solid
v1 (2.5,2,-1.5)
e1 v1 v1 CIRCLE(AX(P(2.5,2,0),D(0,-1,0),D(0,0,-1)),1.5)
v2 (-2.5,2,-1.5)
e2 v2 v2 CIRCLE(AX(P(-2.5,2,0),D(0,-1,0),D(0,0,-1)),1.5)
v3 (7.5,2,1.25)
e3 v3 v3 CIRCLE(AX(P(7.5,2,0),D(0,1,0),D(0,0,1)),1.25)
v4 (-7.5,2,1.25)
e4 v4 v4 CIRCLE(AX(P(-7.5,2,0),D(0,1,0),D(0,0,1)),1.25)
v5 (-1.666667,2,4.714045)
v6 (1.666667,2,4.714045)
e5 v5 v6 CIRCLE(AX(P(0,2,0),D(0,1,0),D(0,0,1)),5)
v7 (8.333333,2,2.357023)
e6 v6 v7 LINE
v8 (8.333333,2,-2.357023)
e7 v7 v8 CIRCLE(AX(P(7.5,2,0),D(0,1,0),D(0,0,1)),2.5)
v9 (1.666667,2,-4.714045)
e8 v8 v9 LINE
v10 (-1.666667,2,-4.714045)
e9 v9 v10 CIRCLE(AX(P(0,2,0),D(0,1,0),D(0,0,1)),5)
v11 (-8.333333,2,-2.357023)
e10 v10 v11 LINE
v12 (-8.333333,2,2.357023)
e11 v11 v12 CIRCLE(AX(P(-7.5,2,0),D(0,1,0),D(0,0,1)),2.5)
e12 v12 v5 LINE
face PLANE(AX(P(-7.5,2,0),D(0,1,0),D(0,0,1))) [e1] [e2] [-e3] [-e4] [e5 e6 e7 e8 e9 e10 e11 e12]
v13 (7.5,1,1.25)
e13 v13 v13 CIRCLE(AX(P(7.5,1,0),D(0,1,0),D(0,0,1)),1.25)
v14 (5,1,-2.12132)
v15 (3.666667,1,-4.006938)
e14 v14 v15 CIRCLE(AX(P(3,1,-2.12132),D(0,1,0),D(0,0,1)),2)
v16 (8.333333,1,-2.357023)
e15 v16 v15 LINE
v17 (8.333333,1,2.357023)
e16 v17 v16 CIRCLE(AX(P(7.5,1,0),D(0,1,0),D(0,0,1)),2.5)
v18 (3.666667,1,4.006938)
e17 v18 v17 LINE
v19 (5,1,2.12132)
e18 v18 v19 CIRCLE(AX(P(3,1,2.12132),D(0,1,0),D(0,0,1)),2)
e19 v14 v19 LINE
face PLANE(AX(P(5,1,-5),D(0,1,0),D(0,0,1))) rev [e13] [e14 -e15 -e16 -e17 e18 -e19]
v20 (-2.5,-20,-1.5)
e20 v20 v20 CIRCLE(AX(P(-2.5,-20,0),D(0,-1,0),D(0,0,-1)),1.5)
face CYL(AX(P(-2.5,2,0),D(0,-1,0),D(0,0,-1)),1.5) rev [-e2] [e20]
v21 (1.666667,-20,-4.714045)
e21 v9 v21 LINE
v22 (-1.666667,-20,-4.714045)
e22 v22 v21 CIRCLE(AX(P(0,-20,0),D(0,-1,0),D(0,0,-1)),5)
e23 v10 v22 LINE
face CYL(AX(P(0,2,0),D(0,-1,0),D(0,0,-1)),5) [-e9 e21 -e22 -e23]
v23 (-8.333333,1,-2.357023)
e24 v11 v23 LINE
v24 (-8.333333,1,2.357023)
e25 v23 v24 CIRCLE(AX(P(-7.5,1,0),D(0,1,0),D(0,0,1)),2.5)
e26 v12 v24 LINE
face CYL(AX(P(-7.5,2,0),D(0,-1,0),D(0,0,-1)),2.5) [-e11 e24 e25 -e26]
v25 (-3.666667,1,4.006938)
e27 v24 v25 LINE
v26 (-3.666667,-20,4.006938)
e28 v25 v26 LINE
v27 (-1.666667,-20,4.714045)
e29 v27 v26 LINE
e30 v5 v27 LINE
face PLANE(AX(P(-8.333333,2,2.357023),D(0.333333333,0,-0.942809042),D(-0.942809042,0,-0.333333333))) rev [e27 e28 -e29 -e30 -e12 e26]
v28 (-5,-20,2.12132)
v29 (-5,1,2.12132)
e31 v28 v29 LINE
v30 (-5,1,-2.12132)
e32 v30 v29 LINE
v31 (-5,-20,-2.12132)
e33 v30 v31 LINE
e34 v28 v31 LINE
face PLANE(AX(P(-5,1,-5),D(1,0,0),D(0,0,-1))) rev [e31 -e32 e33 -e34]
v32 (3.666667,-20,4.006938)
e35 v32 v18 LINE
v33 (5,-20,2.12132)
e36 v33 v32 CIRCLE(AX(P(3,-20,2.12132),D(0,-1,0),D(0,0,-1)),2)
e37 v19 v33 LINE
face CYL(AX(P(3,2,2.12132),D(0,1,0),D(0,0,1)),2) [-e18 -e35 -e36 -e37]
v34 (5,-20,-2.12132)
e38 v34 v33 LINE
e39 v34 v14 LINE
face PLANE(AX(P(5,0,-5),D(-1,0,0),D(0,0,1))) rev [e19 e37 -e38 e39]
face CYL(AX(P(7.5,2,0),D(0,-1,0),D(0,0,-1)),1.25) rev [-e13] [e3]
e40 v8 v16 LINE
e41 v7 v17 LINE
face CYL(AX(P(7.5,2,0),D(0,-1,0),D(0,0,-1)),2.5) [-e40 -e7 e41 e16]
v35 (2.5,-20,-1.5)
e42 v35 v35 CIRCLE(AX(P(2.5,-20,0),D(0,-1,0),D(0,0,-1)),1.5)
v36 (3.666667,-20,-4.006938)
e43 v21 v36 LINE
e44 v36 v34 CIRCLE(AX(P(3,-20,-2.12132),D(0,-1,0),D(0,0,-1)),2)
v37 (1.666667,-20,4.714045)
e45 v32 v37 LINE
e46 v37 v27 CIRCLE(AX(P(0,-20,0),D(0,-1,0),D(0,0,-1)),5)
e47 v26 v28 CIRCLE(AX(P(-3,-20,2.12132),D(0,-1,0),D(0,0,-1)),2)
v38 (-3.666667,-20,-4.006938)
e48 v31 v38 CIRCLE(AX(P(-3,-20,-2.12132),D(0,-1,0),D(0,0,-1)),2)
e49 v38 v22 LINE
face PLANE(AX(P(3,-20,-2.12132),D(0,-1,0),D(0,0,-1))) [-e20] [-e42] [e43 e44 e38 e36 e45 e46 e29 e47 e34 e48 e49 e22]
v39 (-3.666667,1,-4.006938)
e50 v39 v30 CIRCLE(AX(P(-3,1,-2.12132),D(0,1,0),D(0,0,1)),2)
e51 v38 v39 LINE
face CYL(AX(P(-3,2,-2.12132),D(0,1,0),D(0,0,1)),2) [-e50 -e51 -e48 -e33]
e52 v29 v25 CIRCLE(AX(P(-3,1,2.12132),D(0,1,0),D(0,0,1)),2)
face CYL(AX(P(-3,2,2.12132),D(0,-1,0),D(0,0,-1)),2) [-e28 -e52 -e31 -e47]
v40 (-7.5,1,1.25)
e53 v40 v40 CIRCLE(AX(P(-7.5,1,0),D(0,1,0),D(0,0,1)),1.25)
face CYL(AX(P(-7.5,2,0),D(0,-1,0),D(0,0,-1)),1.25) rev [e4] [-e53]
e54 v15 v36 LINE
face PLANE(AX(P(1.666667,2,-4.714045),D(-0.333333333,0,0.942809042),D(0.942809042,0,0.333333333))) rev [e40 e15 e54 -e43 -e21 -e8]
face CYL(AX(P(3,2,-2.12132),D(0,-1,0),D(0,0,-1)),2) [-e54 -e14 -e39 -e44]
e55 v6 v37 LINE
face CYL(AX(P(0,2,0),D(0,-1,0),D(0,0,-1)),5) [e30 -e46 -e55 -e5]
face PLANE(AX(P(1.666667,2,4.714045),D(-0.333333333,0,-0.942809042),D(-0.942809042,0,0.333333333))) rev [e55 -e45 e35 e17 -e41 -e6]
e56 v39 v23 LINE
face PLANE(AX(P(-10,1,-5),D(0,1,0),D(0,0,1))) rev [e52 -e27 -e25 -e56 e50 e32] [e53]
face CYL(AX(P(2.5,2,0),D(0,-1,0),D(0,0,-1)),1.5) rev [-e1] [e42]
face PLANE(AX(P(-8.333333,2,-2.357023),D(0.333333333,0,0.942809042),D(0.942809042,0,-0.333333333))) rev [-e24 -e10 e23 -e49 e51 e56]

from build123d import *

# Parameters (mm, degrees)
SKETCH2_R               = 1.25
BOSS_EXTRUDE1_DEPTH     = 2
CUT_EXTRUDE1_DEPTH      = 12.357816692
CUT_EXTRUDE1_DEPTH_BACK = 12.357816692
SKETCH3_W               = 5
SKETCH3_H               = 1
FILLET1_R               = 2
BOSS_EXTRUDE2_START     = 20
BOSS_EXTRUDE2_DEPTH     = 20
SKETCH6_R               = 1.5
CUT_EXTRUDE2_DEPTH      = 25.677925359


with BuildPart() as part:
    # Sketch2 → Boss-Extrude1 (new body)
    with BuildSketch(Plane(origin=(0, 0, 0), x_dir=(1, 0, 0), z_dir=(0, 1, 0))):
        with BuildLine():
            Line((-8.333333333, -2.357022604), (-1.666666667, -4.714045208))
            ThreePointArc((-1.666666667, -4.714045208), (0, -5), (1.666666667, -4.714045208))
            Line((1.666666667, -4.714045208), (8.333333333, -2.357022604))
            ThreePointArc((8.333333333, -2.357022604), (10, 0), (8.333333333, 2.357022604))
            Line((8.333333333, 2.357022604), (1.666666667, 4.714045208))
            ThreePointArc((1.666666667, 4.714045208), (0, 5), (-1.666666667, 4.714045208))
            Line((-1.666666667, 4.714045208), (-8.333333333, 2.357022604))
            ThreePointArc((-8.333333333, 2.357022604), (-10, 0), (-8.333333333, -2.357022604))
        make_face()
        with Locations(Location((-7.5, 0, 0), (0, 0, 270))):
            Circle(SKETCH2_R, mode=Mode.SUBTRACT)
        with Locations(Location((7.5, 0, 0), (0, 0, 270))):
            Circle(SKETCH2_R, mode=Mode.SUBTRACT)
    extrude(amount=BOSS_EXTRUDE1_DEPTH)

    # Sketch3 → Cut-Extrude1 (cut, two sides: drawn at the far end of the back side and taken through both)
    with BuildSketch(Plane.XY.offset(-CUT_EXTRUDE1_DEPTH_BACK)):
        with Locations((-7.5, 0.5)):
            Rectangle(SKETCH3_W, SKETCH3_H)
        with Locations((7.5, 0.5)):
            Rectangle(SKETCH3_W, SKETCH3_H)
    extrude(amount=CUT_EXTRUDE1_DEPTH + CUT_EXTRUDE1_DEPTH_BACK, mode=Mode.SUBTRACT)

    # Fillet1
    fillet1_edges = [part.edges().sort_by_distance(p)[0] for p in [
        (-5, 0.5, -3.535533906),
        (5, 0.5, -3.535533906),
        (-5, 0.5, 3.535533906),
        (5, 0.5, 3.535533906),
    ]]
    fillet(fillet1_edges, radius=FILLET1_R)

    # Sketch5 → Boss-Extrude2 (add)
    with BuildSketch(Plane.XZ.offset(BOSS_EXTRUDE2_START)):
        with BuildLine():
            Line((5, -2.121320344), (5, 2.121320344))
            ThreePointArc((5, 2.121320344), (4.632993162, 3.276020882), (3.666666667, 4.006938427))
            Line((3.666666667, 4.006938427), (1.666666667, 4.714045208))
            ThreePointArc((1.666666667, 4.714045208), (0, 5), (-1.666666667, 4.714045208))
            Line((-1.666666667, 4.714045208), (-3.666666667, 4.006938427))
            ThreePointArc((-3.666666667, 4.006938427), (-4.632993162, 3.276020882), (-5, 2.121320344))
            Line((-5, 2.121320344), (-5, -2.121320344))
            ThreePointArc((-5, -2.121320344), (-4.632993162, -3.276020882), (-3.666666667, -4.006938427))
            Line((-3.666666667, -4.006938427), (-1.666666667, -4.714045208))
            ThreePointArc((-1.666666667, -4.714045208), (0, -5), (1.666666667, -4.714045208))
            Line((1.666666667, -4.714045208), (3.666666667, -4.006938427))
            ThreePointArc((3.666666667, -4.006938427), (4.632993162, -3.276020882), (5, -2.121320344))
        make_face()
    extrude(amount=-BOSS_EXTRUDE2_DEPTH)

    # Sketch6 → Cut-Extrude2 (cut, through all)
    with BuildSketch(Plane.XZ.offset(20)):
        with Locations(Location((-2.5, 0, 0), (0, 0, 270))):
            Circle(SKETCH6_R)
        with Locations(Location((2.5, 0, 0), (0, 0, 270))):
            Circle(SKETCH6_R)
    extrude(amount=-CUT_EXTRUDE2_DEPTH, mode=Mode.SUBTRACT)


solid = part.part
